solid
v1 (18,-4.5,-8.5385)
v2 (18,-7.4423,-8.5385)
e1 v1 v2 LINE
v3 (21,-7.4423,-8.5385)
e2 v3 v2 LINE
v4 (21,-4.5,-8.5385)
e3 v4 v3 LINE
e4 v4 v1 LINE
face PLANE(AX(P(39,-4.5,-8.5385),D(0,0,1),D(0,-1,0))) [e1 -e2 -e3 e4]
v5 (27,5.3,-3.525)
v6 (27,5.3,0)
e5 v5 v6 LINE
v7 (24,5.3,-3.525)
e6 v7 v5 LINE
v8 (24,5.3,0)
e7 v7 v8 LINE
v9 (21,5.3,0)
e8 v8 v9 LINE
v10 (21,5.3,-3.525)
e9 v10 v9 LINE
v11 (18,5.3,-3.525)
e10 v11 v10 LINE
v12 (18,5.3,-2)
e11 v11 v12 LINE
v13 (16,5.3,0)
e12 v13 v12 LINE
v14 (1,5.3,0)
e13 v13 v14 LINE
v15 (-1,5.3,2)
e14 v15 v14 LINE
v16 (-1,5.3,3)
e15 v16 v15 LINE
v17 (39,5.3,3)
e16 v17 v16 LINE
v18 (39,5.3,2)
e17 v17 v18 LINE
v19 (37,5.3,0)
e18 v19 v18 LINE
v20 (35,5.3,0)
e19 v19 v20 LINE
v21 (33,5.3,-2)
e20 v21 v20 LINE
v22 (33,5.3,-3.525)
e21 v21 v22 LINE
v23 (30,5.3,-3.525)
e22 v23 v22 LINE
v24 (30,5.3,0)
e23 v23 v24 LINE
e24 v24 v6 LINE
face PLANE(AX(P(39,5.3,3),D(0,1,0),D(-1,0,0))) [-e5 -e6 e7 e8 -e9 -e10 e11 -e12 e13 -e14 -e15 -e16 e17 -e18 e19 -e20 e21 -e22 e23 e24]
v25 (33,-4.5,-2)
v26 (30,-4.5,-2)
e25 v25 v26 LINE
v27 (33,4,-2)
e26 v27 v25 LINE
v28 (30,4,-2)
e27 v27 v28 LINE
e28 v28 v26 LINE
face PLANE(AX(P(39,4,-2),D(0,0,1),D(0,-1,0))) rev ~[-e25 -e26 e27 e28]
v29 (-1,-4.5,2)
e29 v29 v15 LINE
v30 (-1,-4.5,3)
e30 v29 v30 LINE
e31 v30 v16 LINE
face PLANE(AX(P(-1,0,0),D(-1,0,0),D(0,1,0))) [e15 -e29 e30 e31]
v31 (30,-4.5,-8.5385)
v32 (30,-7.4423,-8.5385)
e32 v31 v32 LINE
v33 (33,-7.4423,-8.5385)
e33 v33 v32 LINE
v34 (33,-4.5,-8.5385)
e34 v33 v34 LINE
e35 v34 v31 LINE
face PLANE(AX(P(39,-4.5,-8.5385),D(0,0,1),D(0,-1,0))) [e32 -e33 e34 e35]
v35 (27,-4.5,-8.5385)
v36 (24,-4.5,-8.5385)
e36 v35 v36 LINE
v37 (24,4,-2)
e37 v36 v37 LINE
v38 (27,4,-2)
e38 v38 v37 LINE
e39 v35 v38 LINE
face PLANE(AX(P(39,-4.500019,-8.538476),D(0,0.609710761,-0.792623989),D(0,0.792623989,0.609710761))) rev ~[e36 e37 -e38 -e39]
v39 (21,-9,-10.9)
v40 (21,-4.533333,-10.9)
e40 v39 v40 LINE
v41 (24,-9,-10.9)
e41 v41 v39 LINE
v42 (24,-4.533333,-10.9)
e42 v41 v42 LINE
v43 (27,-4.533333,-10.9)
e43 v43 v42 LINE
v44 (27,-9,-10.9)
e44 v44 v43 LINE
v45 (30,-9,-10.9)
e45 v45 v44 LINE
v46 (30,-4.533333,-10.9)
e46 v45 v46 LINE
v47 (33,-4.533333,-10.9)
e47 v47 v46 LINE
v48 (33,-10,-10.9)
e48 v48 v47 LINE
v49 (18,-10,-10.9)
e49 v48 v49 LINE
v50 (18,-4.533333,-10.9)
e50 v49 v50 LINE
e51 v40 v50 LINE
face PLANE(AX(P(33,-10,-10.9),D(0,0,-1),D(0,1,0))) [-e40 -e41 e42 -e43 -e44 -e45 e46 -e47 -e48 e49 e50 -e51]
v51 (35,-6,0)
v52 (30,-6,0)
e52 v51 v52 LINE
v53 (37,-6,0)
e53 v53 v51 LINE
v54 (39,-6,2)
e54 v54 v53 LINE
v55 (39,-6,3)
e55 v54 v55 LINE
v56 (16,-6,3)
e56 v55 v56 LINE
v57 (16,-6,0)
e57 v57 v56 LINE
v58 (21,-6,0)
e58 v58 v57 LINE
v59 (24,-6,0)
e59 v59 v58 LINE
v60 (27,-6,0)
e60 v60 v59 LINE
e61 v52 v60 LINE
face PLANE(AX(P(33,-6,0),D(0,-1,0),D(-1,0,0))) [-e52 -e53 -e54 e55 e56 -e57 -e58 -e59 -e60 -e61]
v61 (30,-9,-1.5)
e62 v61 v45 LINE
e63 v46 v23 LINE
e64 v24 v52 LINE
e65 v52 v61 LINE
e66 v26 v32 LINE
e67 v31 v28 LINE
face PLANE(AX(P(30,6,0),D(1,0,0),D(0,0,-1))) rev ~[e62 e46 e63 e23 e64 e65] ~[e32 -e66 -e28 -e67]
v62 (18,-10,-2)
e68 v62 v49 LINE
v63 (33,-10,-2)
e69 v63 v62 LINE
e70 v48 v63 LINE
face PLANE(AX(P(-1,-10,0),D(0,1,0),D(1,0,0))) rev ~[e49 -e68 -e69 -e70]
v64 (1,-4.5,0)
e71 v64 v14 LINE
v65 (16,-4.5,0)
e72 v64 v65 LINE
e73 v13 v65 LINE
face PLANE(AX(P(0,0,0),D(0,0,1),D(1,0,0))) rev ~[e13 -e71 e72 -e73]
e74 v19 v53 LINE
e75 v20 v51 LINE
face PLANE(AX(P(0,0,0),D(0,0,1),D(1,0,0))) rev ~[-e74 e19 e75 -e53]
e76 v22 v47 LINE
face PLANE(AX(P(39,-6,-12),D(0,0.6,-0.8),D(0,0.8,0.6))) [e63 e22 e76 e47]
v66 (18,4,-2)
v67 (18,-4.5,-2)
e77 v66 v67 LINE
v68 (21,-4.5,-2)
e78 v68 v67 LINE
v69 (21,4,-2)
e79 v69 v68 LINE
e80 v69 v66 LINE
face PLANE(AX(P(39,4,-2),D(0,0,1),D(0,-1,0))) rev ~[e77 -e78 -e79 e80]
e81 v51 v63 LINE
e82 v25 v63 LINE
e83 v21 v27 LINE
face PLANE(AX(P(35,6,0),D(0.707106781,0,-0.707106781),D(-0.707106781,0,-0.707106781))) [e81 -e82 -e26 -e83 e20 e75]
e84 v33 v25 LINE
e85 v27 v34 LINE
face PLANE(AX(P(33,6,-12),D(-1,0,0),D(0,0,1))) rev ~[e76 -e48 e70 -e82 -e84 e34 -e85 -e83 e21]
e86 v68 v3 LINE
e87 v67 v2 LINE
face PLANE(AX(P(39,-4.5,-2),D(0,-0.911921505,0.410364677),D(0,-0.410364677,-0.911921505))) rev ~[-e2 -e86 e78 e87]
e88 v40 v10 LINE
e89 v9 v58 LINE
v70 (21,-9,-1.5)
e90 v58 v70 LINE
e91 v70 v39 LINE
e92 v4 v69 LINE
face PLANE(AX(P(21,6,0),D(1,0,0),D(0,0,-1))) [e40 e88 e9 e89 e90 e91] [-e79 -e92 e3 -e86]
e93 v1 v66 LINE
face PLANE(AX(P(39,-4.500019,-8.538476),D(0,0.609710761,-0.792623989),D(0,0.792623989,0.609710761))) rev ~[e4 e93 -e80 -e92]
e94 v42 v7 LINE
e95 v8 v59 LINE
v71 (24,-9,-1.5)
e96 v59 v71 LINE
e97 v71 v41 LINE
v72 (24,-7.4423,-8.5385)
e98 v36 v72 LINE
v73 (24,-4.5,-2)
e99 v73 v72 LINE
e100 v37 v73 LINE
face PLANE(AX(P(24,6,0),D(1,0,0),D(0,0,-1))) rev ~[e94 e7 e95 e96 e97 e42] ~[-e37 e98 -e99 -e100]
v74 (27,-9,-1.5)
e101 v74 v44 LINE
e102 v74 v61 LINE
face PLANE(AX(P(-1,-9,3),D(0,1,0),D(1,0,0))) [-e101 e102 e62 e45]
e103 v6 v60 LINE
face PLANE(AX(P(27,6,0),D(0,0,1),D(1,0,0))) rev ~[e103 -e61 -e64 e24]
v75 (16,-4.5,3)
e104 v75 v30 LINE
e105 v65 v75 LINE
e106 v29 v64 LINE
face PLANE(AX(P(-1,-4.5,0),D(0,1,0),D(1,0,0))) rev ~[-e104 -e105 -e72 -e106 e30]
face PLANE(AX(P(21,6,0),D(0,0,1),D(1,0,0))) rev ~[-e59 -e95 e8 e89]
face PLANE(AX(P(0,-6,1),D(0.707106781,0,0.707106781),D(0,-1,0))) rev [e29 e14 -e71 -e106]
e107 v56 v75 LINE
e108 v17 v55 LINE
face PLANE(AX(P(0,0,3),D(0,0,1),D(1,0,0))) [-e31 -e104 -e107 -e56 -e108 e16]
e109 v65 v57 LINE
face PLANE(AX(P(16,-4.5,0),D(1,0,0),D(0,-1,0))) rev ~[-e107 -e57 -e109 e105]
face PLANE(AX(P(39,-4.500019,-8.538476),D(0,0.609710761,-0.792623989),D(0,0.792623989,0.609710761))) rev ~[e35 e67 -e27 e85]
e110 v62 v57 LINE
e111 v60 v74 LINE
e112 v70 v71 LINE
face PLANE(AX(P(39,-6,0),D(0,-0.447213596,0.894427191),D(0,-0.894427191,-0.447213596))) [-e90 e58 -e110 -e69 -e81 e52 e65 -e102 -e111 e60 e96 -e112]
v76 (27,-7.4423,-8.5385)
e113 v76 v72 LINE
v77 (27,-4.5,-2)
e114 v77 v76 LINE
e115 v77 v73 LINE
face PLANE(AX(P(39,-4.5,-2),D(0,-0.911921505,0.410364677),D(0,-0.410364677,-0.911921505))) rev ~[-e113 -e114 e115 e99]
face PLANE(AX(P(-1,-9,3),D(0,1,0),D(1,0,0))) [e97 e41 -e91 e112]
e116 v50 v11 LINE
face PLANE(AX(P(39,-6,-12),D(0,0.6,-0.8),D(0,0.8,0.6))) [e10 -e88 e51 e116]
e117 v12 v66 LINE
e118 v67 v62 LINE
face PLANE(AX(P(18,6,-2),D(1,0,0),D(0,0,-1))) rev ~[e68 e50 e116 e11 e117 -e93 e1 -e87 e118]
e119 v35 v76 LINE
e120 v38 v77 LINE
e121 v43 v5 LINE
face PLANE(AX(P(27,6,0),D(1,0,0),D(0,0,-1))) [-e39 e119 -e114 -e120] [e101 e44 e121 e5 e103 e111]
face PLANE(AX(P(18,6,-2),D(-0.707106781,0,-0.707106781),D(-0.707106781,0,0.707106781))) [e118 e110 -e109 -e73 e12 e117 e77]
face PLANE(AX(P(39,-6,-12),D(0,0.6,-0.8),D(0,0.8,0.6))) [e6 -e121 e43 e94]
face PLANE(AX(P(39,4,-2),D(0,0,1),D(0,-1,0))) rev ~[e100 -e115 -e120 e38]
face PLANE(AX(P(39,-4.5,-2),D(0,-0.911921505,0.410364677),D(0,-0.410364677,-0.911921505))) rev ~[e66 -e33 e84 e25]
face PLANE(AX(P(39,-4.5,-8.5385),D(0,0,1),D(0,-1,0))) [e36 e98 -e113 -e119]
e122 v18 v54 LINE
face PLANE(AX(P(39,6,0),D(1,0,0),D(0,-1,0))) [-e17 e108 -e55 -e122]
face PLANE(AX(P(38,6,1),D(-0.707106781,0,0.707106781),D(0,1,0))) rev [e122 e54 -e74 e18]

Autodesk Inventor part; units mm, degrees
ref_plane "YZ Plane" through (0, 0, 0) normal (1, 0, 0) x (0, 1, 0)
ref_plane "XZ Plane" through (0, 0, 0) normal (0, 1, 0) x (-1, 0, 0)
ref_plane "XY Plane" through (0, 0, 0) normal (0, 0, 1) x (1, 0, 0)
sketch "Sketch1" plane through (0, 0, 0) normal (0, 0, 1) x (1, 0, 0)
  line L0 (0, 0) -> (5, 0)
  line L1 (5, 0) -> (19, 0)
  line L2 (19, 0) -> (33, 0)
  line L3 (33, 0) -> (28, 0)
  circle A0 centre (5, 0) radius 5
  circle A1 centre (19, 0) radius 5
  circle A2 centre (33, 0) radius 5
  line L4 (0, 0) -> (-1, 0)
  line L5 (38, 0) -> (39, 0)
  line L6 (33, -5) -> (33, -6)
  line L7 (-1, 6) -> (39, 6)
  line L8 (39, 6) -> (39, -6)
  line L9 (39, -6) -> (-1, -6)
  line L10 (-1, -6) -> (-1, 6)
  dimension "d0" = 5
  dimension "d1" = 14
  dimension "d2" = 14
  dimension "d3" = 5
  dimension "d4" = 10
  dimension "d5" = 10
  dimension "d6" = 10
  dimension "d9" = 1
  dimension "d10" = 1
  dimension "d11" = 1
extrude "Extrusion1" add sketch "Sketch1" along normal blind 3
sketch "Sketch2" plane through (-1, 6, 0) normal (0, 1, 0) x (1, 0, 0)
  line L0 (0, -3) -> (40, -3) projected
  line L1 (19, 2) -> (19, 12)
  line L2 (19, 12) -> (34, 12)
  line L3 (34, 12) -> (34, 2)
  line L4 (34, 0) -> (19, 0)
  line L5 (40, 0) -> (36, 0)
  line L6 (36, 0) -> (34, 2)
  line L7 (0, 0) -> (40, 0) projected
  line L8 (17, 0) -> (0, 0)
  line L9 (19, 2) -> (17, 0)
  line L10 (36, 0) -> (17, 0)
  point P0 (1, 0)
  dimension "d16" = 12
  dimension "d17" = 2
  dimension "d19" = 2
  dimension "d20" = 2
extrude "Extrusion2" add sketch "Sketch2" against normal blind 16
sketch "Sketch3" plane through (-1, 6, 3) normal (0, 1, 0) x (1, 0, 0)
  line L0 (34, 5) -> (34, 15) projected
  line L1 (34, 5) -> (34, -8.5215)
  line L2 (34, -8.5215) -> (31, -8.5215)
  line L3 (31, -8.5215) -> (28, -8.5215)
  line L4 (28, -8.5215) -> (25, -8.5215)
  line L5 (25, -8.5215) -> (22, -8.5215)
  line L6 (22, -8.5215) -> (19, -8.5215)
  line L7 (34, 5) -> (34, 3)
  line L8 (17, 3) -> (36, 3) projected
  line L9 (31, 3) -> (31, 15)
  line L10 (34, 15) -> (19, 15) projected
  line L11 (31, 15) -> (34, 15)
  line L12 (34, 15) -> (34, 5)
  line L13 (34, 3) -> (31, 3)
  line L14 (31, 3) -> (28, 3)
  line L15 (28, 3) -> (28, 15)
  line L16 (28, 15) -> (31, 15)
  line L17 (28, 3) -> (25, 3)
  line L18 (25, 3) -> (25, 15)
  line L19 (25, 15) -> (28, 15)
  line L20 (25, 3) -> (22, 3)
  line L21 (22, 3) -> (22, 15)
  line L22 (22, 15) -> (25, 15)
  line L23 (22, 3) -> (19, 3)
  line L24 (19, 15) -> (19, 5) projected
  line L25 (19, 3) -> (19, 15)
  line L26 (19, 15) -> (22, 15)
  point P0 (1, 3)
  dimension "d27" = 3
  dimension "d28" = 3
  dimension "d29" = 3
  dimension "d30" = 3
  dimension "d31" = 3
extrude "Extrusion3" cut sketch "Sketch3" against normal blind 15 contours L9 L8 L15 L10 | L18 L8 L21 L10
sketch "Sketch4" plane through (39, -6, 0) normal (1, 0, 0) x (0, 0, -1)
  line L0 (2, 12) -> (2, -4) projected
  line L1 (0, 0) -> (2, -4)
  line L2 (2, -4) -> (2, 0)
  line L3 (0, 0) -> (2, 0)
  line L4 (2, 12) -> (2, 10)
  line L5 (12, -3) -> (2, 10)
  line L6 (2, 0) -> (2, 1.5)
  line L7 (2, 10) -> (2, 1.5)
  line L8 (2, 1.5) -> (12, -3)
  line L9 (2, 12) -> (12, 12) projected
  line L10 (12, 12) -> (12, -4) projected
  line L11 (12, -3) -> (12, -1)
  line L12 (12, -1) -> (12, 0)
  line L13 (12, 0) -> (3, 12)
  line L14 (2, 12) -> (3, 12)
  line L15 (3, 12) -> (12, 12)
  line L16 (12, 12) -> (12, 0)
  line L17 (0, 0) -> (0, -3) projected
  line L18 (0, 0) -> (0, -4) projected
  line L19 (0, 0) -> (0, -4)
  line L20 (2, -4) -> (0, -4) projected
  line L21 (0, -4) -> (2, -4)
  line L22 (8.5385, 1.5) -> (8.5385, -1.4423)
  point P0 (0, 6)
  dimension "d34" = 2
  dimension "d35" = 1.5
  dimension "d37" = 2
  dimension "d38" = 1
extrude "Extrusion5" cut sketch "Sketch4" against normal blind 25 contours L5 L22 L8 L0 | L9 L10 L13 | L20 L18 L17 L1
chamfer "Chamfer1" distance 2 angle 45 1 edges at (-1, 0, 0)
chamfer "Chamfer2" distance 2 angle 45 1 edges at (39, 0, 0)
sketch "Sketch5" plane through (33, 6, -2) normal (1, 0, 0) x (0, 0, -1)
  line L0 (10, -16) -> (0, -16) projected
  line L1 (10, -16) -> (8.9, -16)
  line L2 (8.9, -16) -> (8.9, -9)
  line L3 (8.9, -9) -> (10, -9)
  line L4 (10, -9) -> (10, -16)
  point P0 (-2, -6)
  dimension "d49" = 1.1
  dimension "d50" = 7
extrude "Extrusion6" cut sketch "Sketch5" against normal blind 15
sketch "Sketch6" plane through (0, 0, 0) normal (0, 0, -1) x (-1, 0, 0)
  line L0 (-1, -6) -> (-16, -6) projected
  line L1 (1, 6) -> (1, -6) projected
  line L2 (-16, -6) -> (1, -6)
  line L3 (1, -6) -> (1, -4.5)
  line L4 (1, -4.5) -> (-16, -4.5)
  line L5 (-16, -4.5) -> (-16, -6)
  point P0 (0, 0)
  dimension "d53" = 1.5
extrude "Extrusion7" cut sketch "Sketch6" against normal blind 10
sketch "Sketch7" plane through (0, 0, 3) normal (0, 0, 1) x (1, 0, 0)
  line L0 (39, 6) -> (-1, 6) projected
  line L1 (39, -6) -> (39, 6) projected
  line L2 (-1, 6) -> (39, 6)
  line L3 (39, 6) -> (39, 5.3)
  line L4 (39, 5.3) -> (-1, 5.3)
  line L5 (-1, 5.3) -> (-1, 6)
  point P0 (0, 0)
  dimension "d56" = 0.7
extrude "Extrusion8" cut sketch "Sketch7" against normal blind 10
equation "\"d20\" = d19"
properties part number "StandBtn"
